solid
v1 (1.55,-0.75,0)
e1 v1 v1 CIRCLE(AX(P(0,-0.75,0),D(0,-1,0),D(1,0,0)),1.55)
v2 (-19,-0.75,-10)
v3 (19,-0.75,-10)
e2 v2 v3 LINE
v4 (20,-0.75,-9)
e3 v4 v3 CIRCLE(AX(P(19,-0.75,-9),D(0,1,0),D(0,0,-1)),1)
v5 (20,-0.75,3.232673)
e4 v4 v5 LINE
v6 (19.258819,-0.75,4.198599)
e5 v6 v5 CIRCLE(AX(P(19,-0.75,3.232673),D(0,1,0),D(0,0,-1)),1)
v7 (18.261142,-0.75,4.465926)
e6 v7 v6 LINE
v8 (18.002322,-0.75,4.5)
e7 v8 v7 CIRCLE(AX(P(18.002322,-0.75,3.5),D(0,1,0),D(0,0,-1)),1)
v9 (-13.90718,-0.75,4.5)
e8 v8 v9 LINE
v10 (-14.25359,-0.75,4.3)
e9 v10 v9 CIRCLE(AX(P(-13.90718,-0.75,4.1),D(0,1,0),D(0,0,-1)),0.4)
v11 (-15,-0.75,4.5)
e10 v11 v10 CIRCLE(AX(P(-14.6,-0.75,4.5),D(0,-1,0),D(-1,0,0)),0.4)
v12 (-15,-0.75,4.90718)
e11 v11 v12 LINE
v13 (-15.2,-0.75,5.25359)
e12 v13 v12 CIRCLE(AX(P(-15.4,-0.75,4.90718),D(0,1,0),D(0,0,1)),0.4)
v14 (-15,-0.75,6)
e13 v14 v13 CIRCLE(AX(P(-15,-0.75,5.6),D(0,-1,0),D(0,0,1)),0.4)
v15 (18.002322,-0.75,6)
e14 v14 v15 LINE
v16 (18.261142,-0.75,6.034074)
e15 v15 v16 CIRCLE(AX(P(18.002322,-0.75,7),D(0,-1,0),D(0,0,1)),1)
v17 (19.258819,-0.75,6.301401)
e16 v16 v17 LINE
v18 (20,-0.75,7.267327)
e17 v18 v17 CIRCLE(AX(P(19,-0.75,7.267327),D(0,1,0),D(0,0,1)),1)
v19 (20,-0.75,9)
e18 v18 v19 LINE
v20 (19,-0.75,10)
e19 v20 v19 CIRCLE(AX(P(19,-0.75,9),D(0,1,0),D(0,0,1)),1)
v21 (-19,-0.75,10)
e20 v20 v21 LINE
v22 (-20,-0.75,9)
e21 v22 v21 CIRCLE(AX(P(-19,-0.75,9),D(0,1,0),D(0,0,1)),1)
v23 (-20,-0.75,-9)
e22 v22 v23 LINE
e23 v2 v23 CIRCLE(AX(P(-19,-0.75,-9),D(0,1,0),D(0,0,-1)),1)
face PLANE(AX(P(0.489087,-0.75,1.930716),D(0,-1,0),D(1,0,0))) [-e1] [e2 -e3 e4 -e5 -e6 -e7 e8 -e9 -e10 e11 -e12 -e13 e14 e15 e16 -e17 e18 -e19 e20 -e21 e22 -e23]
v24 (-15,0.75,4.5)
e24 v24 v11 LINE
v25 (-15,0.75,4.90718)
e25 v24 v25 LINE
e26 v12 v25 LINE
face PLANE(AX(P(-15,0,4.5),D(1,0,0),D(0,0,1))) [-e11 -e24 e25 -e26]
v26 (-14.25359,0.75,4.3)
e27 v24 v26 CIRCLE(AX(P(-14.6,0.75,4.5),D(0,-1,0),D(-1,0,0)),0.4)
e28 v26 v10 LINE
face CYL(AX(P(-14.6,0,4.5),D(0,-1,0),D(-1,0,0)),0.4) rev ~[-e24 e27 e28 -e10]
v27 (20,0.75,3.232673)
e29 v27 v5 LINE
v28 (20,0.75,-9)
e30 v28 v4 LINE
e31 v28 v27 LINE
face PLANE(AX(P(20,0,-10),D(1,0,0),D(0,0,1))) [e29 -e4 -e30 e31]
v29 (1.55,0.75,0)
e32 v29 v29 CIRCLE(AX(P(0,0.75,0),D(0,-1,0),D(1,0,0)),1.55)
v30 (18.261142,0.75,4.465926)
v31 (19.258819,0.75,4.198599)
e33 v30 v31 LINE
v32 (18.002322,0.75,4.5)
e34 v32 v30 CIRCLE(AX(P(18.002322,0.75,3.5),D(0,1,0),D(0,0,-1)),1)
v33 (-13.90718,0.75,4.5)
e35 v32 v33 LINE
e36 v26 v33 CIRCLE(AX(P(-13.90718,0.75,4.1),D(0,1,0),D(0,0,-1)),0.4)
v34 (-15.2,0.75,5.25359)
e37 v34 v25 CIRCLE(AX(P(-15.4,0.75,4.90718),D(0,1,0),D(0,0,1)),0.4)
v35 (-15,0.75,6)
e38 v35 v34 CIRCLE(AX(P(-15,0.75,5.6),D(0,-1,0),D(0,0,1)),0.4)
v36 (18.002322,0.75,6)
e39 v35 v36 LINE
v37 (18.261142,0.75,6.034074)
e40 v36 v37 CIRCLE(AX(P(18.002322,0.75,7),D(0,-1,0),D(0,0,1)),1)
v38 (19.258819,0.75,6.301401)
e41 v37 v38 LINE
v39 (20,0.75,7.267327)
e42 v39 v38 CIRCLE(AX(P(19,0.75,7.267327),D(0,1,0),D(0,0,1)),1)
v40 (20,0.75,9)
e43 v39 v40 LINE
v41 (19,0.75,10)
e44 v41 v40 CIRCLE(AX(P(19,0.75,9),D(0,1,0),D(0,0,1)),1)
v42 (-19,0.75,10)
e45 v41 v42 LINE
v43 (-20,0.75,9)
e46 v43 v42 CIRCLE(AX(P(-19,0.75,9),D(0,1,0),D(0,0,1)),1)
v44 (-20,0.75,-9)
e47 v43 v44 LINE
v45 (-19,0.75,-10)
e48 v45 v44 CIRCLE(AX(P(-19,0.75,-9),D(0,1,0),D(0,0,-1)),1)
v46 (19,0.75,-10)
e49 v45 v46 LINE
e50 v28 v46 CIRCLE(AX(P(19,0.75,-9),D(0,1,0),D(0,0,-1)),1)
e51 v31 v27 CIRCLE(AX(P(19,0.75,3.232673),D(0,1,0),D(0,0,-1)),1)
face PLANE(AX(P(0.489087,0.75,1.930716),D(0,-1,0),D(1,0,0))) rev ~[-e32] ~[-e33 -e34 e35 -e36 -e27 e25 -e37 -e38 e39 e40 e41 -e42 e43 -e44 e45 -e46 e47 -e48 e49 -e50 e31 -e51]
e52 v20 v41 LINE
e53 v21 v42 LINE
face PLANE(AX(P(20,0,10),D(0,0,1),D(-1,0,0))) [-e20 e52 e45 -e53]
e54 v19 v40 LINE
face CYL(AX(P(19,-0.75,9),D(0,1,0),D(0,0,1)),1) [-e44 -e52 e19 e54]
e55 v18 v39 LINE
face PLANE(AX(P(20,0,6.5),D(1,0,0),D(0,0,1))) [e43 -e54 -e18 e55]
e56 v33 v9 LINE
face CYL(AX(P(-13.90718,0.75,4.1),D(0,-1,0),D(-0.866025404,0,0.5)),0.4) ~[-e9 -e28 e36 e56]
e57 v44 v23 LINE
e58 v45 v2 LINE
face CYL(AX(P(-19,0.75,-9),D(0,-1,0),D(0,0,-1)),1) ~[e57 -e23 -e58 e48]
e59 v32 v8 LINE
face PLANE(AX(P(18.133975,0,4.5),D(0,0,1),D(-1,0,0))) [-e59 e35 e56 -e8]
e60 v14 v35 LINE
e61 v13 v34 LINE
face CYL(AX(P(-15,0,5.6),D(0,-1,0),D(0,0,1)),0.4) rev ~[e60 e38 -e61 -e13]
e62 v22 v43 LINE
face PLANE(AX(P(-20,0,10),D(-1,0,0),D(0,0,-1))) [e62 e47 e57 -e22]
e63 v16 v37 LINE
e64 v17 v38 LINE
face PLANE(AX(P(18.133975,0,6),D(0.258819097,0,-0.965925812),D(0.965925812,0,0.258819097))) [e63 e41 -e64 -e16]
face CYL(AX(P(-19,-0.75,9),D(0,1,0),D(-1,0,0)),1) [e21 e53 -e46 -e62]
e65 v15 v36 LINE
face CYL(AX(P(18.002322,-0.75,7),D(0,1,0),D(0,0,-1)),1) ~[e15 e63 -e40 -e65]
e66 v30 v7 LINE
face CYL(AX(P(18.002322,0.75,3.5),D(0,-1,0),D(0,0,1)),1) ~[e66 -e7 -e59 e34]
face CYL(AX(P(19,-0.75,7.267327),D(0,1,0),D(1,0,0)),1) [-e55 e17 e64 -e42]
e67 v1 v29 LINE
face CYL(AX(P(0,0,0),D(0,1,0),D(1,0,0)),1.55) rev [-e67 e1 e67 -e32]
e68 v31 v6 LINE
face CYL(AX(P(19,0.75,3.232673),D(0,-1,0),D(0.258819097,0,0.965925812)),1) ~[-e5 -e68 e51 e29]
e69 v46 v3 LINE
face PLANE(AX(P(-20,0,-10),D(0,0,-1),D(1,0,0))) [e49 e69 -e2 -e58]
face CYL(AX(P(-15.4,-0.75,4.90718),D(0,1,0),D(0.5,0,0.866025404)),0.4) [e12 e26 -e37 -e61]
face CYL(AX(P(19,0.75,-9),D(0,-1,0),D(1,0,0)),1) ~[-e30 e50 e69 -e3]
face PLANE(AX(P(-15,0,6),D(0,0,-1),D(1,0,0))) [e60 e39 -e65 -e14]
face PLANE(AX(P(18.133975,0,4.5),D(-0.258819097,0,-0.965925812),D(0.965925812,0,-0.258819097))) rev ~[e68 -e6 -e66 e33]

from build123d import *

# Parameters (mm, degrees)
SKETCH004_R  = 1.55
PAD005_DEPTH = 0.75
FILLET006_R  = 0.4
FILLET007_R  = 1


with BuildPart() as part:
    # Sketch004 → Pad005 (new body, symmetric)
    with BuildSketch(Plane.XZ):
        with BuildLine():
            Line((-20, 10), (-20, -7))
            Line((-20, -8.5), (-20, -7))
            Line((-20, -8.5), (-20, -10))
            Line((-20, -10), (20, -10))
            Line((20, -10), (20, 4))
            Line((18.133975, 4.5), (20, 4))
            Line((18.133975, 4.5), (-14.2, 4.5))
            ThreePointArc((-15, 4.5), (-14.6, 4.1), (-14.2, 4.5))
            Line((-15, 4.5), (-15, 5.2))
            ThreePointArc((-15, 6), (-15.4, 5.6), (-15, 5.2))
            Line((-15, 6), (18.133975, 6))
            Line((18.133975, 6), (20, 6.5))
            Line((20, 6.5), (20, 10))
            Line((20, 10), (-20, 10))
        make_face()
        Circle(SKETCH004_R, mode=Mode.SUBTRACT)
    extrude(amount=PAD005_DEPTH, both=True)

    # Fillet006
    fillet006_edges = [part.edges().sort_by_distance(p)[0] for p in [
        (-15, 0, 5.2),
        (-14.2, 0, 4.5),
    ]]
    fillet(fillet006_edges, radius=FILLET006_R)

    # Fillet007
    fillet007_edges = [part.edges().sort_by_distance(p)[0] for p in [
        (18.133975, 0, 4.5),
        (18.133975, 0, 6),
        (20, 0, 6.5),
        (20, 0, 10),
        (20, 0, 4),
        (20, 0, -10),
        (-20, 0, -10),
        (-20, 0, 10),
    ]]
    fillet(fillet007_edges, radius=FILLET007_R)


solid = part.part
